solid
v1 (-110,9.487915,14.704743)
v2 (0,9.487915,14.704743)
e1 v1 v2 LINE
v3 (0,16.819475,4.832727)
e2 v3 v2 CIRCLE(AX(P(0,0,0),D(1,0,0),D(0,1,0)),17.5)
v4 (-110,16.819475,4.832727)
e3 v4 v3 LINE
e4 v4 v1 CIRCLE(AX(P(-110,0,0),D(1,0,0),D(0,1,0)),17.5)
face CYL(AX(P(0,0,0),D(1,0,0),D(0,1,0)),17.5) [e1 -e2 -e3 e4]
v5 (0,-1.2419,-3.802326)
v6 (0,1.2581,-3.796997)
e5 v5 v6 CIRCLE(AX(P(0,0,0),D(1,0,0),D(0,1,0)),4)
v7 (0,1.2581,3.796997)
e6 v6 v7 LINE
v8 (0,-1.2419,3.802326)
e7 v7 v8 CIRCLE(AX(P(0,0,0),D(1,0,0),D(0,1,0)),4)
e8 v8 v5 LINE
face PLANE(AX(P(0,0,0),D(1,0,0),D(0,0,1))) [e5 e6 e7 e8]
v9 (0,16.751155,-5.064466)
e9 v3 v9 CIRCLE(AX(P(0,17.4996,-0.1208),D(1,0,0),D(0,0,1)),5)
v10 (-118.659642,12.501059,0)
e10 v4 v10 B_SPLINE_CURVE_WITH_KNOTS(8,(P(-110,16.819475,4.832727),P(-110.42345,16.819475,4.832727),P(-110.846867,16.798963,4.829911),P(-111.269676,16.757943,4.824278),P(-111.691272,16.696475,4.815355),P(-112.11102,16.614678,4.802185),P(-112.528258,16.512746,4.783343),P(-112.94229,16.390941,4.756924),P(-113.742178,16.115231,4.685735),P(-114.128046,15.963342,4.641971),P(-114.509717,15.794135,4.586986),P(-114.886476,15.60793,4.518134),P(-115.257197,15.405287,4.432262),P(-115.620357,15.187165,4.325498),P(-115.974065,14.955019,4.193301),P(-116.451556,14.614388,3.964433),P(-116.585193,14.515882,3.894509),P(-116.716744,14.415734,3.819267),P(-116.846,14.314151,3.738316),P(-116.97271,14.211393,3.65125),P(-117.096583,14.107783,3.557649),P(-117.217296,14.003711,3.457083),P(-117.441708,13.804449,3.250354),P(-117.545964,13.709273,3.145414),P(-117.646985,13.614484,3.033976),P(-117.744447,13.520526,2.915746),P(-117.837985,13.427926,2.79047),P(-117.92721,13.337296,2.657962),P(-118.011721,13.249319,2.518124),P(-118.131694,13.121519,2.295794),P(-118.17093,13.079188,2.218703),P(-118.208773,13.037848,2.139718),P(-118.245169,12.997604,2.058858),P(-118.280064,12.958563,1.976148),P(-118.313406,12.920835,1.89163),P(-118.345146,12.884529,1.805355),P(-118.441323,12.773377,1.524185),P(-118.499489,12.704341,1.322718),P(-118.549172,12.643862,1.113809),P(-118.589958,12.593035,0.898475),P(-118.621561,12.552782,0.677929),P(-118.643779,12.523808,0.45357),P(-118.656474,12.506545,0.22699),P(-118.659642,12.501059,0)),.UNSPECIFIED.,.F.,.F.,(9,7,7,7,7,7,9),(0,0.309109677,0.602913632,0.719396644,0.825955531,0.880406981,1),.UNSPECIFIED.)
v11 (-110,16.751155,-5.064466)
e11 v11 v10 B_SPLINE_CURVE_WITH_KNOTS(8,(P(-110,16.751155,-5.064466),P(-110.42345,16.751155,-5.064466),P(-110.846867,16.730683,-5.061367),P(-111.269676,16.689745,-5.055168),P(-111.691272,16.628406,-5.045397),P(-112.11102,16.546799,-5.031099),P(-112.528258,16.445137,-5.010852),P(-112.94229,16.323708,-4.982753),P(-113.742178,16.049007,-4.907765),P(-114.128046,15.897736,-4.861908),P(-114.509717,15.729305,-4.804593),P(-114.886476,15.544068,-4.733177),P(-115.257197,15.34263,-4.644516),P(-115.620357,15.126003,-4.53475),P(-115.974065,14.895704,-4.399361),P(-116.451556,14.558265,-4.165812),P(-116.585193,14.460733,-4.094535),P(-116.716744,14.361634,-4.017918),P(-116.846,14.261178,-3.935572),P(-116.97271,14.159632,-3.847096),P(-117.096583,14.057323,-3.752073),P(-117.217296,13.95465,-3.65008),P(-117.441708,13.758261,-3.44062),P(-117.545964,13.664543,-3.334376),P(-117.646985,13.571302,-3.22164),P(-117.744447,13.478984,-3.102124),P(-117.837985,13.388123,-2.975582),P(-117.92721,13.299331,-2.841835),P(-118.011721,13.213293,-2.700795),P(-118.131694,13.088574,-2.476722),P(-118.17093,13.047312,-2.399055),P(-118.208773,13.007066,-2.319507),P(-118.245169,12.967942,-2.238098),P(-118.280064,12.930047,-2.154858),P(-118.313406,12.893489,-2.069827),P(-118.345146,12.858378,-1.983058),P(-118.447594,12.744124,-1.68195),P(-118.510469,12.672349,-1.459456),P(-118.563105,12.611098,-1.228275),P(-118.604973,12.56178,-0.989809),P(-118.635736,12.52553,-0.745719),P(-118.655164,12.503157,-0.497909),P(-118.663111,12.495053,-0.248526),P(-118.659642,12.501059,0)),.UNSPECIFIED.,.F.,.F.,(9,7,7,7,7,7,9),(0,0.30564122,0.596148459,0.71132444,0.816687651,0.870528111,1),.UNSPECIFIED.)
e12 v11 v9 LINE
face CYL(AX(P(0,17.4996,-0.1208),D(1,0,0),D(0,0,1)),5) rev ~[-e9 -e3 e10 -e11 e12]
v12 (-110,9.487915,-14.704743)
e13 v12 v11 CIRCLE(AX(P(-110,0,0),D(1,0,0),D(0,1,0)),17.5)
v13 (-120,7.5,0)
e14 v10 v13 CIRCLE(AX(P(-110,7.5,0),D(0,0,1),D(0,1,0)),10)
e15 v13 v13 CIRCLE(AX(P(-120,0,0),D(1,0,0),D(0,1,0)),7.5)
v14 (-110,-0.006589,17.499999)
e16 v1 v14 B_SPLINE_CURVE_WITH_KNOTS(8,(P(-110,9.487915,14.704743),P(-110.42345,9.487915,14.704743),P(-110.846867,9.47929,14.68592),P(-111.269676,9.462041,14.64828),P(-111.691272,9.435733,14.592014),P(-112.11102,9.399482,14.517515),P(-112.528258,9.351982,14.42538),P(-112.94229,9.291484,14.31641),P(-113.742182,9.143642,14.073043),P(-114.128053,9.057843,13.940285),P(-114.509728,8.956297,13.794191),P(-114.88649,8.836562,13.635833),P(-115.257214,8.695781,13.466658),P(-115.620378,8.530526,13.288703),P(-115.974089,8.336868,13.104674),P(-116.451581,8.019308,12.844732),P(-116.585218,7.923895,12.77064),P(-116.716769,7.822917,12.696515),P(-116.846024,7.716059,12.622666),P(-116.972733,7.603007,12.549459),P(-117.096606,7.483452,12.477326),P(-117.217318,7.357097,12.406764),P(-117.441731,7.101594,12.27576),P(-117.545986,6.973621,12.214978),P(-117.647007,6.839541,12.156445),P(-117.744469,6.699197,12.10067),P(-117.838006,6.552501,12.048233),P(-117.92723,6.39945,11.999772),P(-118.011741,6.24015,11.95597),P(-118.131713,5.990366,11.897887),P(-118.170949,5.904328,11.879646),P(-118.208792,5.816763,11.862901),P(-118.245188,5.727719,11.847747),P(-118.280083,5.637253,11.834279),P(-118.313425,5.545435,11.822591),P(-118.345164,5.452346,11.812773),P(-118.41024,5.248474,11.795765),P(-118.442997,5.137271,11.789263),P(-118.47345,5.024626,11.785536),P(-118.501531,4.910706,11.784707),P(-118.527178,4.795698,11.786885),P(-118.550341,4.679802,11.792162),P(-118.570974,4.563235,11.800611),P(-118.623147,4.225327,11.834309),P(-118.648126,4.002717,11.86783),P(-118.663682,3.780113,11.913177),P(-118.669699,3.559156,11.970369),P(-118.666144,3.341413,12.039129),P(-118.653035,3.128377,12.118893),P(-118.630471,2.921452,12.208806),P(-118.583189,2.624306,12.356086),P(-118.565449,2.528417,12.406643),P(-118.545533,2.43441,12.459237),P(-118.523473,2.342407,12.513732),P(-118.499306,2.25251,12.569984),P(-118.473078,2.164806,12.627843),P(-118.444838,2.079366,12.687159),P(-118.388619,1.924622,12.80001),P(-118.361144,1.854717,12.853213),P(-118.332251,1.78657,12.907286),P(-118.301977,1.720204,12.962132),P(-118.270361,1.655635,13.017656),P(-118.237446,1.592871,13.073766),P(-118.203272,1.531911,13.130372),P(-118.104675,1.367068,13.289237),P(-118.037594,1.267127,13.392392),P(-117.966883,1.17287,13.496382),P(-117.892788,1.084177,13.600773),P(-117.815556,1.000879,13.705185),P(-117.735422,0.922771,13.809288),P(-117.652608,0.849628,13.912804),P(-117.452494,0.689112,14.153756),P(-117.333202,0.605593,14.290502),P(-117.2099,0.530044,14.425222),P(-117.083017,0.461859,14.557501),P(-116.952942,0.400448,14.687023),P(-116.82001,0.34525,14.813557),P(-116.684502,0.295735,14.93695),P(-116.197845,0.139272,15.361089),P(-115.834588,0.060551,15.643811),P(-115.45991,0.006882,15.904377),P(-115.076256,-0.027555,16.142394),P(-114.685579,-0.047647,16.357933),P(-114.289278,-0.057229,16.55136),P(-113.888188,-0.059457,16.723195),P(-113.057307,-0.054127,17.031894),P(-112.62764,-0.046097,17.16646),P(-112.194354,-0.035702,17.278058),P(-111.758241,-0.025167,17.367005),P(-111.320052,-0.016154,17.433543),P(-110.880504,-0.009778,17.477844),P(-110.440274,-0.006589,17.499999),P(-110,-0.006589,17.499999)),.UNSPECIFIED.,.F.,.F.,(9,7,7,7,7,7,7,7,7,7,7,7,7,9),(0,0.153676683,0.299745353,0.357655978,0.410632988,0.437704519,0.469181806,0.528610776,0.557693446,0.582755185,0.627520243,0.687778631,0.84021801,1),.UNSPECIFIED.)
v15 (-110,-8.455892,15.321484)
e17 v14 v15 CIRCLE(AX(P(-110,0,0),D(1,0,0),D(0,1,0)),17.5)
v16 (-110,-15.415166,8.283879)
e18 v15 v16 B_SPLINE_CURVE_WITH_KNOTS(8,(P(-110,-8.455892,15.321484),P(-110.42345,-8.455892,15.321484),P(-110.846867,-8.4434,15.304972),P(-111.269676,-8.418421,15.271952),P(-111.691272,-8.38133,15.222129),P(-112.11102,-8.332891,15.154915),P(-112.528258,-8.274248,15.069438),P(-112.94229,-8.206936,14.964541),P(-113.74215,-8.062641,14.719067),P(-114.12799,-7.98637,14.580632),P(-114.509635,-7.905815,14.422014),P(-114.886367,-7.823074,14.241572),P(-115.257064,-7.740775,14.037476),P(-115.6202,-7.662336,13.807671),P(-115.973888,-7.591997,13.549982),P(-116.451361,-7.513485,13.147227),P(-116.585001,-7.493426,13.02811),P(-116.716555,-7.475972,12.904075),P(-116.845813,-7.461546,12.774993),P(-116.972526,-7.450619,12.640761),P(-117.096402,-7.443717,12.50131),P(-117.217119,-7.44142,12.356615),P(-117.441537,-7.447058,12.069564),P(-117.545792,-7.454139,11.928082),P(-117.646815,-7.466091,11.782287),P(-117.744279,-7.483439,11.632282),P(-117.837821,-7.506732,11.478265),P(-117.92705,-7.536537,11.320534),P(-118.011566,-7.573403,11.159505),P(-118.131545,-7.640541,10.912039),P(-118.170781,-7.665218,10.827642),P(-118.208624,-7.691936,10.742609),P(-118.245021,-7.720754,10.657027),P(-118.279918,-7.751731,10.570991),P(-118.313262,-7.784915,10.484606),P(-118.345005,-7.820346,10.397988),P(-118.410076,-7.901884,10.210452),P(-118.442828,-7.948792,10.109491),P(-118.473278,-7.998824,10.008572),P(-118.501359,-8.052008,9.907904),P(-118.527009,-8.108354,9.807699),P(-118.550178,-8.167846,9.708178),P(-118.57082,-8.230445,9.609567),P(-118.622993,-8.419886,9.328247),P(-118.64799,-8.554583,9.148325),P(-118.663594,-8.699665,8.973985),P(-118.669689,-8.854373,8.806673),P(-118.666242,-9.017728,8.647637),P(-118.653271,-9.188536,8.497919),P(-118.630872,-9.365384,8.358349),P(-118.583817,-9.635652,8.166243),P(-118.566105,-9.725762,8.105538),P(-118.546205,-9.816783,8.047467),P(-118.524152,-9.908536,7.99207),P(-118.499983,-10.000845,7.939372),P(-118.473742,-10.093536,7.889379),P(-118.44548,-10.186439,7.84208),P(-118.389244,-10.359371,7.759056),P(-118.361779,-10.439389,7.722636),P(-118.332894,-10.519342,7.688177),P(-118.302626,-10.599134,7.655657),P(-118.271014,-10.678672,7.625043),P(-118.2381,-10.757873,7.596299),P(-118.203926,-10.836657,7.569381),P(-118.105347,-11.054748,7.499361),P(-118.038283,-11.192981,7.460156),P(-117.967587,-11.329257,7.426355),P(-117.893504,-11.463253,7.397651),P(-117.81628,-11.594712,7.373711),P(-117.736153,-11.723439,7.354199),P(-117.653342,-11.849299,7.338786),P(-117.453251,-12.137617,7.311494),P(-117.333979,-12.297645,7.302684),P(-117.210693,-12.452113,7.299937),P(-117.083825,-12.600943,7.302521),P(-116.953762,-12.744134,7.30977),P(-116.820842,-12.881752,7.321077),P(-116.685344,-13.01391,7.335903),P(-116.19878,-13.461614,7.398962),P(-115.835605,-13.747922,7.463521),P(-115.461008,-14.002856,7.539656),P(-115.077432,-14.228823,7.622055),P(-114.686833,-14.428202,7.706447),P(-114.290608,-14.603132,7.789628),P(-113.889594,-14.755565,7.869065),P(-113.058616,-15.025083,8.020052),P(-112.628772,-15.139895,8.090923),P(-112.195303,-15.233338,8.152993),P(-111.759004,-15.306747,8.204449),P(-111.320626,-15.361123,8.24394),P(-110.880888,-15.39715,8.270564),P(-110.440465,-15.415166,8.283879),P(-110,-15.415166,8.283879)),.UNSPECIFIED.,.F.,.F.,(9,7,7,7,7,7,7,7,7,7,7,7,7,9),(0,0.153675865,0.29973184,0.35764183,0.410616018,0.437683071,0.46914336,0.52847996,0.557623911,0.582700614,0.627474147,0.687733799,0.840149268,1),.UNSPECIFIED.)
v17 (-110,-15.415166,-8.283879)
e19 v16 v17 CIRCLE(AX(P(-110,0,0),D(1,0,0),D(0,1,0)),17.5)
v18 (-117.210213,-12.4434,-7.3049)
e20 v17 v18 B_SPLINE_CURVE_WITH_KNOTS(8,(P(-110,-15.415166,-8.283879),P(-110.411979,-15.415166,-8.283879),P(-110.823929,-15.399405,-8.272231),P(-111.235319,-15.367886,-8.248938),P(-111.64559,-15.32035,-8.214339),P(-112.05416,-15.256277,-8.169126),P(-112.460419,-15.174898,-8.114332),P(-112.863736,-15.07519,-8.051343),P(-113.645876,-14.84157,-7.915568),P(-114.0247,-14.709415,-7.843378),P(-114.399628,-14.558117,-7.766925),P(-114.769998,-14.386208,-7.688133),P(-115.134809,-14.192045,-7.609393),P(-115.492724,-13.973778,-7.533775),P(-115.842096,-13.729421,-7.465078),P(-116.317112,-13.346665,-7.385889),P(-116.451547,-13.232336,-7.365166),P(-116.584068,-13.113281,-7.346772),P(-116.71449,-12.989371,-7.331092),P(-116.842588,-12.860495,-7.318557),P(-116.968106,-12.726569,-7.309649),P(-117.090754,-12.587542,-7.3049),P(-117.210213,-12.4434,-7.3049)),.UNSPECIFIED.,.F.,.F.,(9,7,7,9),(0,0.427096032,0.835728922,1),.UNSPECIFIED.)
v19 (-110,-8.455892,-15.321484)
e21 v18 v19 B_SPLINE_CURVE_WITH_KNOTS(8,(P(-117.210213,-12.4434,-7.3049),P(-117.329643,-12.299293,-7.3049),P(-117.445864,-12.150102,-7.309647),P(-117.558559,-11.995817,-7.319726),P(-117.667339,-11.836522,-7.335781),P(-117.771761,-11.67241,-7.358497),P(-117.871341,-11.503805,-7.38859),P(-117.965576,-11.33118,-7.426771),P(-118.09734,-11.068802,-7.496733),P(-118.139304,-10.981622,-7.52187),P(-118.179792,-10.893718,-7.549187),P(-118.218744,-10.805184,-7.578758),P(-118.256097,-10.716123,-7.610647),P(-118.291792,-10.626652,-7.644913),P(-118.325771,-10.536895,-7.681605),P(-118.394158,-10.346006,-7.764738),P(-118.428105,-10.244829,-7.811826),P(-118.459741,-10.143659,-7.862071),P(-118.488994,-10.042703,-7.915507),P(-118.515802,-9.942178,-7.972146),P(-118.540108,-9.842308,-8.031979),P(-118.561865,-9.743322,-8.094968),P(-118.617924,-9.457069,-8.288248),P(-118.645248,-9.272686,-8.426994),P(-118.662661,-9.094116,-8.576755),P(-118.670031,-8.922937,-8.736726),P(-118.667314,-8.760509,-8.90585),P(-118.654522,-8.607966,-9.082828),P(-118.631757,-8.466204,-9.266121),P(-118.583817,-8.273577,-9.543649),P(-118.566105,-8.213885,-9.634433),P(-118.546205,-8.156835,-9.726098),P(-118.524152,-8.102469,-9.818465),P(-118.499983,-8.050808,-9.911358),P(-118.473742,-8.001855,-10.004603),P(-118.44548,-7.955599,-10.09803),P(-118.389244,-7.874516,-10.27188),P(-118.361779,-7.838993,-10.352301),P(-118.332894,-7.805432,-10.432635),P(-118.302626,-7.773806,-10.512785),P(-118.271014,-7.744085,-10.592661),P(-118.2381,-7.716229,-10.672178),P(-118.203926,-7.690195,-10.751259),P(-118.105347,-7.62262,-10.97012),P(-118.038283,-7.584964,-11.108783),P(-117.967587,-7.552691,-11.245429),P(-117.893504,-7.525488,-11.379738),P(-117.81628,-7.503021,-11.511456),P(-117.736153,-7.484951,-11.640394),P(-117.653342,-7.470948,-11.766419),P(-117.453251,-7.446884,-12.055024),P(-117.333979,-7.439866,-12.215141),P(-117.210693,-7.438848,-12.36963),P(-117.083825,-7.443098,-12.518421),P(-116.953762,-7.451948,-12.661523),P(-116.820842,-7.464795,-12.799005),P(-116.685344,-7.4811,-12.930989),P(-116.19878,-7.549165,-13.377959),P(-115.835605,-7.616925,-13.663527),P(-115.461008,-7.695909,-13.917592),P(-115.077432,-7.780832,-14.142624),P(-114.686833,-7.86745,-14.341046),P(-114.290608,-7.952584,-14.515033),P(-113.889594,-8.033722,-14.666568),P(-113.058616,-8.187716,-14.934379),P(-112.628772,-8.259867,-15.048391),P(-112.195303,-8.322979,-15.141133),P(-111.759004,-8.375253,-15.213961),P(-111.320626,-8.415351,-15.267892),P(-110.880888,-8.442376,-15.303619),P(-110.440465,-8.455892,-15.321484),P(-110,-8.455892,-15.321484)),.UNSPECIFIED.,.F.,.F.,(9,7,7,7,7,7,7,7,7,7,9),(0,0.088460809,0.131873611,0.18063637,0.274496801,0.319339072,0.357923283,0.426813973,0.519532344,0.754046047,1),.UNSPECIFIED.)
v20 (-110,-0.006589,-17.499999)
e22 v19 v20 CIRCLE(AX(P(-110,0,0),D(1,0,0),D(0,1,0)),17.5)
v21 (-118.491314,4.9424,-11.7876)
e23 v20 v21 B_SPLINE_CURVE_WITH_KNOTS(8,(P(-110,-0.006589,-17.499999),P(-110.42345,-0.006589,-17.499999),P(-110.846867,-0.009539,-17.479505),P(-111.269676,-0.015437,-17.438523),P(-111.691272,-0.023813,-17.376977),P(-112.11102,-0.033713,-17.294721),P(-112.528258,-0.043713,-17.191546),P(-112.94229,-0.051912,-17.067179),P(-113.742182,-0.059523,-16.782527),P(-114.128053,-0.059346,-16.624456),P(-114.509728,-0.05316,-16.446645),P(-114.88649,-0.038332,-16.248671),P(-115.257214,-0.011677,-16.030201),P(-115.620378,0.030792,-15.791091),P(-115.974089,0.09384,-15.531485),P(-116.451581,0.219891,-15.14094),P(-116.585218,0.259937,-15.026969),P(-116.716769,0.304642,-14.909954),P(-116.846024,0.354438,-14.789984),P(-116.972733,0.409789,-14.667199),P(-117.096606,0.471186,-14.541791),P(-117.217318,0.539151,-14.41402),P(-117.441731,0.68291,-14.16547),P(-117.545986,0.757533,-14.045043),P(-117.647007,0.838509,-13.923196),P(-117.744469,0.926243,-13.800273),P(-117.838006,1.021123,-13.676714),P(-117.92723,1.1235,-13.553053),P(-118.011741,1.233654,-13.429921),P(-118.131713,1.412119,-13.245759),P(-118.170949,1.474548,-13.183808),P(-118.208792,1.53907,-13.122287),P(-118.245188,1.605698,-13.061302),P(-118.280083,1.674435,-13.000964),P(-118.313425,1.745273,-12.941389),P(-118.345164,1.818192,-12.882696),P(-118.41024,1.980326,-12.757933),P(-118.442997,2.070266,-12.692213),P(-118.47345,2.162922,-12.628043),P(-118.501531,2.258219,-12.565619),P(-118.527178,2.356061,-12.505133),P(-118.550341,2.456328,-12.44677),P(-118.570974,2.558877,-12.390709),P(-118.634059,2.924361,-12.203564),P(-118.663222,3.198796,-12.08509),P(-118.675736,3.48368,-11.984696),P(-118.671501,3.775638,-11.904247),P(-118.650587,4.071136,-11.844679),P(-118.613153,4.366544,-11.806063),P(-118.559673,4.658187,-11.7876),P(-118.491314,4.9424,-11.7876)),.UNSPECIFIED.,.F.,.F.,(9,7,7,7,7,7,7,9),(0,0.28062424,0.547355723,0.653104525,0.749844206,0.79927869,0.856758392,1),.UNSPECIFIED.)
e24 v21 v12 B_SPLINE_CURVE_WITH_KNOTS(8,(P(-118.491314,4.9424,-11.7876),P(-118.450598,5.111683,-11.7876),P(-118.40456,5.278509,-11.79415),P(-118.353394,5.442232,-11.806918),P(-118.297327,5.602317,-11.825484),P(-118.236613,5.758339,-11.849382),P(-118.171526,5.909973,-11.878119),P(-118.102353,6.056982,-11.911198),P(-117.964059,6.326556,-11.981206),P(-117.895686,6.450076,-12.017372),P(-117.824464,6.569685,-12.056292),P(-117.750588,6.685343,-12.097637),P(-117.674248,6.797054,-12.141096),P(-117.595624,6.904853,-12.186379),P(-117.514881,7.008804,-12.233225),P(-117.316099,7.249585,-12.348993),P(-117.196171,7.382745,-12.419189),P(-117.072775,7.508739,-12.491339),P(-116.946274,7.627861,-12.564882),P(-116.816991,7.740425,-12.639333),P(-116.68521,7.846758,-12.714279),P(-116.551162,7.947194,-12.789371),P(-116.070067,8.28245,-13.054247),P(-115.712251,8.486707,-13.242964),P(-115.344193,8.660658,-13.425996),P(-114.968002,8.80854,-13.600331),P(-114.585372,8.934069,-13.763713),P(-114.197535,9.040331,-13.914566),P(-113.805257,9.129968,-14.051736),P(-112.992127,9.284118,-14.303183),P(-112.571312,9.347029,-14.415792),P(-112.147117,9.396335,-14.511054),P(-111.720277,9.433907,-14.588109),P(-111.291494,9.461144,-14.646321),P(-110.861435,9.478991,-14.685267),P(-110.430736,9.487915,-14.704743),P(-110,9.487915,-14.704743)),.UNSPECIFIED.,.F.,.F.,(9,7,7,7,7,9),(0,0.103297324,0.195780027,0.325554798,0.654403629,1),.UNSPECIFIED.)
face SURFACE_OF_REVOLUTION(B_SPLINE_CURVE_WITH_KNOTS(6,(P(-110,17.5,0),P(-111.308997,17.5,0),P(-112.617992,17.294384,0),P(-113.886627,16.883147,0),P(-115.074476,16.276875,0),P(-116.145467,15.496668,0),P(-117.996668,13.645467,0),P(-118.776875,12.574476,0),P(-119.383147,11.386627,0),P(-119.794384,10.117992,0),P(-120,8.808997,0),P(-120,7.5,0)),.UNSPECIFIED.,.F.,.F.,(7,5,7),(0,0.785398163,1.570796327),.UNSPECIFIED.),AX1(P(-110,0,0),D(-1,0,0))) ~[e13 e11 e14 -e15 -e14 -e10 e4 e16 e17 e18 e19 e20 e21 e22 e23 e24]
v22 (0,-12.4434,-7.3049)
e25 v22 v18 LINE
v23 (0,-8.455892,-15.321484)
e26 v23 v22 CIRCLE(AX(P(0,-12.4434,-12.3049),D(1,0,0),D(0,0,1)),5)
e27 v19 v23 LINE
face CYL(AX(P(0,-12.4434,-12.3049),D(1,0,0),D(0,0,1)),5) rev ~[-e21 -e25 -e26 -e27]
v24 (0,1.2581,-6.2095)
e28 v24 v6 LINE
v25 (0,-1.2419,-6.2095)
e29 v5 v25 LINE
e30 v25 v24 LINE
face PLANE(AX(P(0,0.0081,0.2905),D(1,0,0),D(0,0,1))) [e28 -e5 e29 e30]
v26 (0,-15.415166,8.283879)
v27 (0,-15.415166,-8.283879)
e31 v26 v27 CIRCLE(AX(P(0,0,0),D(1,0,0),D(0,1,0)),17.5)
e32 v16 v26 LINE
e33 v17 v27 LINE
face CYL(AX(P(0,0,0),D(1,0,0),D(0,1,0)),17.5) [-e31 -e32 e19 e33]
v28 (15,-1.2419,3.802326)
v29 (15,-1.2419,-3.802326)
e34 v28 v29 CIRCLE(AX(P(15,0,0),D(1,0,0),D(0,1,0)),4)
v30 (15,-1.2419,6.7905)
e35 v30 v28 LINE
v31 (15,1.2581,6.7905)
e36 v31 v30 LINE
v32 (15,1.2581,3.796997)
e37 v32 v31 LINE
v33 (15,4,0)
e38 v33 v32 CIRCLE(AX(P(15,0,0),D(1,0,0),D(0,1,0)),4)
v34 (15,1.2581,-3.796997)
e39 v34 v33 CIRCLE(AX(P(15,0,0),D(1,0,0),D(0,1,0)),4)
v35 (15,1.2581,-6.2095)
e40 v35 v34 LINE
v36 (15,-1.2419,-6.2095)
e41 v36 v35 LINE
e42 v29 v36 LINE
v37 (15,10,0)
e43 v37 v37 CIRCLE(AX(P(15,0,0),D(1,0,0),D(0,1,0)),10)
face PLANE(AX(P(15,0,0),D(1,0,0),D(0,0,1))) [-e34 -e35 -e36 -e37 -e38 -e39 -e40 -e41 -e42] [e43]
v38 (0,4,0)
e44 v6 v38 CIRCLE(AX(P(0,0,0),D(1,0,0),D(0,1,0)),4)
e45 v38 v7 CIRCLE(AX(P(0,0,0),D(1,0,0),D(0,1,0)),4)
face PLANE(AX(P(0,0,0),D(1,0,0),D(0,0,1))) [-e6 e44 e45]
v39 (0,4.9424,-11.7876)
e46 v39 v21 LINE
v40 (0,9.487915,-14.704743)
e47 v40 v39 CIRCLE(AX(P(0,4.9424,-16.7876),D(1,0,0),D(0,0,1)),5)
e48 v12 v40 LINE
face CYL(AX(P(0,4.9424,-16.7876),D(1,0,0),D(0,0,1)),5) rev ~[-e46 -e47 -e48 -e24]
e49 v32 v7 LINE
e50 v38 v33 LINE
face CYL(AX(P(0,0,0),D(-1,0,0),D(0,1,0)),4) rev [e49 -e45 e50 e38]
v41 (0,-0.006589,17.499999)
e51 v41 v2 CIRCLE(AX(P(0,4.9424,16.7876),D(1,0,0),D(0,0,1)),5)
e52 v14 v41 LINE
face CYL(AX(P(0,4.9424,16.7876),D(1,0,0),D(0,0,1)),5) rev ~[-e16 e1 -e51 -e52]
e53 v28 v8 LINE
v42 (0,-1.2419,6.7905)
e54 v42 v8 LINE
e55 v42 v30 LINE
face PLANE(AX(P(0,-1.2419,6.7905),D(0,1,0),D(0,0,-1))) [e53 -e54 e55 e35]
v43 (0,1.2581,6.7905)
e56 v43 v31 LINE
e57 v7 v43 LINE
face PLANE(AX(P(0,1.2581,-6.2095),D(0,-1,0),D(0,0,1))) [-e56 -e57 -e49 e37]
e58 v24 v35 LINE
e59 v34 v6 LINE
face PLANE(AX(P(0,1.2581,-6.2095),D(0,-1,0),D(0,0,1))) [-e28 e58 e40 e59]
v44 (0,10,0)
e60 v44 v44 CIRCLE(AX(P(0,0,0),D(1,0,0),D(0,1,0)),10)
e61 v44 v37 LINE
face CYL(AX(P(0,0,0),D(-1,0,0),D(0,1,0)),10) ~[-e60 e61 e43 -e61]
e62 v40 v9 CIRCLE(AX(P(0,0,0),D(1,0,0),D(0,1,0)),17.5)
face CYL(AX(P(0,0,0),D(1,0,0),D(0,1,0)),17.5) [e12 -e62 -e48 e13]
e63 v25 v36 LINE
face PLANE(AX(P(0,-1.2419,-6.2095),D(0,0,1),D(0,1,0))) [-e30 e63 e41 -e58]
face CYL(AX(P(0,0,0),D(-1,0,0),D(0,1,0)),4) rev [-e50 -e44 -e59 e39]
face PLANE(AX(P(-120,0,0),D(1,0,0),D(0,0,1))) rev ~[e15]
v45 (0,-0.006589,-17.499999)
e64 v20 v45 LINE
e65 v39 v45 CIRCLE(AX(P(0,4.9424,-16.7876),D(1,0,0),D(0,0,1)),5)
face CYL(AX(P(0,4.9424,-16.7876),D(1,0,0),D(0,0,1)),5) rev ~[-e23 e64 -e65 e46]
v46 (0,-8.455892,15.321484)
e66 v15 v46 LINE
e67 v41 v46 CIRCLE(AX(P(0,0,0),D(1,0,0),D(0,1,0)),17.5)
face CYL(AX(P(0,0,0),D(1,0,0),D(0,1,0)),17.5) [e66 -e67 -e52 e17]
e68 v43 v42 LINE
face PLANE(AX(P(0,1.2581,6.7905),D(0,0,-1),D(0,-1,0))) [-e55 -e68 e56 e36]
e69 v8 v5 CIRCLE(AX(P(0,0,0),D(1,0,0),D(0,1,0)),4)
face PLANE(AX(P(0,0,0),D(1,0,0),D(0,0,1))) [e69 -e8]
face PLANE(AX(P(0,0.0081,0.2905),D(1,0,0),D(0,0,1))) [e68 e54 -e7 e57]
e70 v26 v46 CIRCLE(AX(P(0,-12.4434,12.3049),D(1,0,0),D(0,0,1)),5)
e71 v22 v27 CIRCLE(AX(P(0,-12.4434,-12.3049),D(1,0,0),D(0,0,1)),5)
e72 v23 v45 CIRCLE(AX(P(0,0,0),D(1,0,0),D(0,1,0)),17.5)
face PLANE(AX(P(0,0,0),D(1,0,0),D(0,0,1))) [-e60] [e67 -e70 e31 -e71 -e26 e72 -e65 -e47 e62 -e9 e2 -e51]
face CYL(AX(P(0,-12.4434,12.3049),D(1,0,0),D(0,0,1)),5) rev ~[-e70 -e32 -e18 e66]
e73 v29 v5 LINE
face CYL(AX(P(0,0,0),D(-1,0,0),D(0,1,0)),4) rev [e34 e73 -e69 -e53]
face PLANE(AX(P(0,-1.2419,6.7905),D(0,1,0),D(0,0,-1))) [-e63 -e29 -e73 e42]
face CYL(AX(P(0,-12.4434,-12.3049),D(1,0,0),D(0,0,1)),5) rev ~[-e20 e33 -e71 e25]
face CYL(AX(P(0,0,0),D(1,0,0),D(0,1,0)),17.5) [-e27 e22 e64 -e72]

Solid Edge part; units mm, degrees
sketch "Sketch1" plane through (0, 0, 0) normal (1, 0, 0) x (0, 1, 0)
  circle A0 centre (0, 0) radius 10
extrude "Protrusion1" add sketch "Sketch1" along normal blind 15
sketch "Sketch2" plane through (0, 0, 0) normal (1, 0, 0) x (0, 1, 0)
  circle A0 centre (0, 0) radius 17.5
extrude "拉伸_6" add sketch "Sketch2" against normal blind 120
fillet "倒圆_1" radius 10 1 edges at (-120, -17.5, 0)
sketch "Sketch3" plane through (0, 0, 0) normal (1, 0, 0) x (0, 0, 1)
  circle A0 centre (-0.1208, -17.4996) radius 5
  circle A1 centre (16.7876, -4.9424) radius 5
  circle A2 centre (-16.7876, -4.9424) radius 5
  circle A3 centre (12.3049, 12.4434) radius 5
  circle A4 centre (-12.3049, 12.4434) radius 5
  dimension "D1" = 10
  dimension "D2" = 10
  dimension "D3" = 10
  dimension "D4" = 10
  dimension "D5" = 10
extrude "Cutout1" cut sketch "Sketch3" against normal up to vertex (120 mm away)
sketch "Sketch4" plane through (0, 0, 0) normal (1, 0, 0) x (0, 1, 0)
  circle A0 centre (0, 0) radius 4
  line L0 (-1.2419, -6.2095) -> (1.2581, -6.2095)
  line L1 (1.2581, -6.2095) -> (1.2581, 6.7905)
  line L2 (1.2581, 6.7905) -> (-1.2419, 6.7905)
  line L3 (-1.2419, 6.7905) -> (-1.2419, -6.2095)
  dimension "D1" = 8
  dimension "D2" = 2.5
  dimension "D3" = 13
  dimension "D4" = 2.5
extrude "拉伸除料_3" cut sketch "Sketch4" along normal blind 15
properties material "ABS 高抗冲击塑料"
